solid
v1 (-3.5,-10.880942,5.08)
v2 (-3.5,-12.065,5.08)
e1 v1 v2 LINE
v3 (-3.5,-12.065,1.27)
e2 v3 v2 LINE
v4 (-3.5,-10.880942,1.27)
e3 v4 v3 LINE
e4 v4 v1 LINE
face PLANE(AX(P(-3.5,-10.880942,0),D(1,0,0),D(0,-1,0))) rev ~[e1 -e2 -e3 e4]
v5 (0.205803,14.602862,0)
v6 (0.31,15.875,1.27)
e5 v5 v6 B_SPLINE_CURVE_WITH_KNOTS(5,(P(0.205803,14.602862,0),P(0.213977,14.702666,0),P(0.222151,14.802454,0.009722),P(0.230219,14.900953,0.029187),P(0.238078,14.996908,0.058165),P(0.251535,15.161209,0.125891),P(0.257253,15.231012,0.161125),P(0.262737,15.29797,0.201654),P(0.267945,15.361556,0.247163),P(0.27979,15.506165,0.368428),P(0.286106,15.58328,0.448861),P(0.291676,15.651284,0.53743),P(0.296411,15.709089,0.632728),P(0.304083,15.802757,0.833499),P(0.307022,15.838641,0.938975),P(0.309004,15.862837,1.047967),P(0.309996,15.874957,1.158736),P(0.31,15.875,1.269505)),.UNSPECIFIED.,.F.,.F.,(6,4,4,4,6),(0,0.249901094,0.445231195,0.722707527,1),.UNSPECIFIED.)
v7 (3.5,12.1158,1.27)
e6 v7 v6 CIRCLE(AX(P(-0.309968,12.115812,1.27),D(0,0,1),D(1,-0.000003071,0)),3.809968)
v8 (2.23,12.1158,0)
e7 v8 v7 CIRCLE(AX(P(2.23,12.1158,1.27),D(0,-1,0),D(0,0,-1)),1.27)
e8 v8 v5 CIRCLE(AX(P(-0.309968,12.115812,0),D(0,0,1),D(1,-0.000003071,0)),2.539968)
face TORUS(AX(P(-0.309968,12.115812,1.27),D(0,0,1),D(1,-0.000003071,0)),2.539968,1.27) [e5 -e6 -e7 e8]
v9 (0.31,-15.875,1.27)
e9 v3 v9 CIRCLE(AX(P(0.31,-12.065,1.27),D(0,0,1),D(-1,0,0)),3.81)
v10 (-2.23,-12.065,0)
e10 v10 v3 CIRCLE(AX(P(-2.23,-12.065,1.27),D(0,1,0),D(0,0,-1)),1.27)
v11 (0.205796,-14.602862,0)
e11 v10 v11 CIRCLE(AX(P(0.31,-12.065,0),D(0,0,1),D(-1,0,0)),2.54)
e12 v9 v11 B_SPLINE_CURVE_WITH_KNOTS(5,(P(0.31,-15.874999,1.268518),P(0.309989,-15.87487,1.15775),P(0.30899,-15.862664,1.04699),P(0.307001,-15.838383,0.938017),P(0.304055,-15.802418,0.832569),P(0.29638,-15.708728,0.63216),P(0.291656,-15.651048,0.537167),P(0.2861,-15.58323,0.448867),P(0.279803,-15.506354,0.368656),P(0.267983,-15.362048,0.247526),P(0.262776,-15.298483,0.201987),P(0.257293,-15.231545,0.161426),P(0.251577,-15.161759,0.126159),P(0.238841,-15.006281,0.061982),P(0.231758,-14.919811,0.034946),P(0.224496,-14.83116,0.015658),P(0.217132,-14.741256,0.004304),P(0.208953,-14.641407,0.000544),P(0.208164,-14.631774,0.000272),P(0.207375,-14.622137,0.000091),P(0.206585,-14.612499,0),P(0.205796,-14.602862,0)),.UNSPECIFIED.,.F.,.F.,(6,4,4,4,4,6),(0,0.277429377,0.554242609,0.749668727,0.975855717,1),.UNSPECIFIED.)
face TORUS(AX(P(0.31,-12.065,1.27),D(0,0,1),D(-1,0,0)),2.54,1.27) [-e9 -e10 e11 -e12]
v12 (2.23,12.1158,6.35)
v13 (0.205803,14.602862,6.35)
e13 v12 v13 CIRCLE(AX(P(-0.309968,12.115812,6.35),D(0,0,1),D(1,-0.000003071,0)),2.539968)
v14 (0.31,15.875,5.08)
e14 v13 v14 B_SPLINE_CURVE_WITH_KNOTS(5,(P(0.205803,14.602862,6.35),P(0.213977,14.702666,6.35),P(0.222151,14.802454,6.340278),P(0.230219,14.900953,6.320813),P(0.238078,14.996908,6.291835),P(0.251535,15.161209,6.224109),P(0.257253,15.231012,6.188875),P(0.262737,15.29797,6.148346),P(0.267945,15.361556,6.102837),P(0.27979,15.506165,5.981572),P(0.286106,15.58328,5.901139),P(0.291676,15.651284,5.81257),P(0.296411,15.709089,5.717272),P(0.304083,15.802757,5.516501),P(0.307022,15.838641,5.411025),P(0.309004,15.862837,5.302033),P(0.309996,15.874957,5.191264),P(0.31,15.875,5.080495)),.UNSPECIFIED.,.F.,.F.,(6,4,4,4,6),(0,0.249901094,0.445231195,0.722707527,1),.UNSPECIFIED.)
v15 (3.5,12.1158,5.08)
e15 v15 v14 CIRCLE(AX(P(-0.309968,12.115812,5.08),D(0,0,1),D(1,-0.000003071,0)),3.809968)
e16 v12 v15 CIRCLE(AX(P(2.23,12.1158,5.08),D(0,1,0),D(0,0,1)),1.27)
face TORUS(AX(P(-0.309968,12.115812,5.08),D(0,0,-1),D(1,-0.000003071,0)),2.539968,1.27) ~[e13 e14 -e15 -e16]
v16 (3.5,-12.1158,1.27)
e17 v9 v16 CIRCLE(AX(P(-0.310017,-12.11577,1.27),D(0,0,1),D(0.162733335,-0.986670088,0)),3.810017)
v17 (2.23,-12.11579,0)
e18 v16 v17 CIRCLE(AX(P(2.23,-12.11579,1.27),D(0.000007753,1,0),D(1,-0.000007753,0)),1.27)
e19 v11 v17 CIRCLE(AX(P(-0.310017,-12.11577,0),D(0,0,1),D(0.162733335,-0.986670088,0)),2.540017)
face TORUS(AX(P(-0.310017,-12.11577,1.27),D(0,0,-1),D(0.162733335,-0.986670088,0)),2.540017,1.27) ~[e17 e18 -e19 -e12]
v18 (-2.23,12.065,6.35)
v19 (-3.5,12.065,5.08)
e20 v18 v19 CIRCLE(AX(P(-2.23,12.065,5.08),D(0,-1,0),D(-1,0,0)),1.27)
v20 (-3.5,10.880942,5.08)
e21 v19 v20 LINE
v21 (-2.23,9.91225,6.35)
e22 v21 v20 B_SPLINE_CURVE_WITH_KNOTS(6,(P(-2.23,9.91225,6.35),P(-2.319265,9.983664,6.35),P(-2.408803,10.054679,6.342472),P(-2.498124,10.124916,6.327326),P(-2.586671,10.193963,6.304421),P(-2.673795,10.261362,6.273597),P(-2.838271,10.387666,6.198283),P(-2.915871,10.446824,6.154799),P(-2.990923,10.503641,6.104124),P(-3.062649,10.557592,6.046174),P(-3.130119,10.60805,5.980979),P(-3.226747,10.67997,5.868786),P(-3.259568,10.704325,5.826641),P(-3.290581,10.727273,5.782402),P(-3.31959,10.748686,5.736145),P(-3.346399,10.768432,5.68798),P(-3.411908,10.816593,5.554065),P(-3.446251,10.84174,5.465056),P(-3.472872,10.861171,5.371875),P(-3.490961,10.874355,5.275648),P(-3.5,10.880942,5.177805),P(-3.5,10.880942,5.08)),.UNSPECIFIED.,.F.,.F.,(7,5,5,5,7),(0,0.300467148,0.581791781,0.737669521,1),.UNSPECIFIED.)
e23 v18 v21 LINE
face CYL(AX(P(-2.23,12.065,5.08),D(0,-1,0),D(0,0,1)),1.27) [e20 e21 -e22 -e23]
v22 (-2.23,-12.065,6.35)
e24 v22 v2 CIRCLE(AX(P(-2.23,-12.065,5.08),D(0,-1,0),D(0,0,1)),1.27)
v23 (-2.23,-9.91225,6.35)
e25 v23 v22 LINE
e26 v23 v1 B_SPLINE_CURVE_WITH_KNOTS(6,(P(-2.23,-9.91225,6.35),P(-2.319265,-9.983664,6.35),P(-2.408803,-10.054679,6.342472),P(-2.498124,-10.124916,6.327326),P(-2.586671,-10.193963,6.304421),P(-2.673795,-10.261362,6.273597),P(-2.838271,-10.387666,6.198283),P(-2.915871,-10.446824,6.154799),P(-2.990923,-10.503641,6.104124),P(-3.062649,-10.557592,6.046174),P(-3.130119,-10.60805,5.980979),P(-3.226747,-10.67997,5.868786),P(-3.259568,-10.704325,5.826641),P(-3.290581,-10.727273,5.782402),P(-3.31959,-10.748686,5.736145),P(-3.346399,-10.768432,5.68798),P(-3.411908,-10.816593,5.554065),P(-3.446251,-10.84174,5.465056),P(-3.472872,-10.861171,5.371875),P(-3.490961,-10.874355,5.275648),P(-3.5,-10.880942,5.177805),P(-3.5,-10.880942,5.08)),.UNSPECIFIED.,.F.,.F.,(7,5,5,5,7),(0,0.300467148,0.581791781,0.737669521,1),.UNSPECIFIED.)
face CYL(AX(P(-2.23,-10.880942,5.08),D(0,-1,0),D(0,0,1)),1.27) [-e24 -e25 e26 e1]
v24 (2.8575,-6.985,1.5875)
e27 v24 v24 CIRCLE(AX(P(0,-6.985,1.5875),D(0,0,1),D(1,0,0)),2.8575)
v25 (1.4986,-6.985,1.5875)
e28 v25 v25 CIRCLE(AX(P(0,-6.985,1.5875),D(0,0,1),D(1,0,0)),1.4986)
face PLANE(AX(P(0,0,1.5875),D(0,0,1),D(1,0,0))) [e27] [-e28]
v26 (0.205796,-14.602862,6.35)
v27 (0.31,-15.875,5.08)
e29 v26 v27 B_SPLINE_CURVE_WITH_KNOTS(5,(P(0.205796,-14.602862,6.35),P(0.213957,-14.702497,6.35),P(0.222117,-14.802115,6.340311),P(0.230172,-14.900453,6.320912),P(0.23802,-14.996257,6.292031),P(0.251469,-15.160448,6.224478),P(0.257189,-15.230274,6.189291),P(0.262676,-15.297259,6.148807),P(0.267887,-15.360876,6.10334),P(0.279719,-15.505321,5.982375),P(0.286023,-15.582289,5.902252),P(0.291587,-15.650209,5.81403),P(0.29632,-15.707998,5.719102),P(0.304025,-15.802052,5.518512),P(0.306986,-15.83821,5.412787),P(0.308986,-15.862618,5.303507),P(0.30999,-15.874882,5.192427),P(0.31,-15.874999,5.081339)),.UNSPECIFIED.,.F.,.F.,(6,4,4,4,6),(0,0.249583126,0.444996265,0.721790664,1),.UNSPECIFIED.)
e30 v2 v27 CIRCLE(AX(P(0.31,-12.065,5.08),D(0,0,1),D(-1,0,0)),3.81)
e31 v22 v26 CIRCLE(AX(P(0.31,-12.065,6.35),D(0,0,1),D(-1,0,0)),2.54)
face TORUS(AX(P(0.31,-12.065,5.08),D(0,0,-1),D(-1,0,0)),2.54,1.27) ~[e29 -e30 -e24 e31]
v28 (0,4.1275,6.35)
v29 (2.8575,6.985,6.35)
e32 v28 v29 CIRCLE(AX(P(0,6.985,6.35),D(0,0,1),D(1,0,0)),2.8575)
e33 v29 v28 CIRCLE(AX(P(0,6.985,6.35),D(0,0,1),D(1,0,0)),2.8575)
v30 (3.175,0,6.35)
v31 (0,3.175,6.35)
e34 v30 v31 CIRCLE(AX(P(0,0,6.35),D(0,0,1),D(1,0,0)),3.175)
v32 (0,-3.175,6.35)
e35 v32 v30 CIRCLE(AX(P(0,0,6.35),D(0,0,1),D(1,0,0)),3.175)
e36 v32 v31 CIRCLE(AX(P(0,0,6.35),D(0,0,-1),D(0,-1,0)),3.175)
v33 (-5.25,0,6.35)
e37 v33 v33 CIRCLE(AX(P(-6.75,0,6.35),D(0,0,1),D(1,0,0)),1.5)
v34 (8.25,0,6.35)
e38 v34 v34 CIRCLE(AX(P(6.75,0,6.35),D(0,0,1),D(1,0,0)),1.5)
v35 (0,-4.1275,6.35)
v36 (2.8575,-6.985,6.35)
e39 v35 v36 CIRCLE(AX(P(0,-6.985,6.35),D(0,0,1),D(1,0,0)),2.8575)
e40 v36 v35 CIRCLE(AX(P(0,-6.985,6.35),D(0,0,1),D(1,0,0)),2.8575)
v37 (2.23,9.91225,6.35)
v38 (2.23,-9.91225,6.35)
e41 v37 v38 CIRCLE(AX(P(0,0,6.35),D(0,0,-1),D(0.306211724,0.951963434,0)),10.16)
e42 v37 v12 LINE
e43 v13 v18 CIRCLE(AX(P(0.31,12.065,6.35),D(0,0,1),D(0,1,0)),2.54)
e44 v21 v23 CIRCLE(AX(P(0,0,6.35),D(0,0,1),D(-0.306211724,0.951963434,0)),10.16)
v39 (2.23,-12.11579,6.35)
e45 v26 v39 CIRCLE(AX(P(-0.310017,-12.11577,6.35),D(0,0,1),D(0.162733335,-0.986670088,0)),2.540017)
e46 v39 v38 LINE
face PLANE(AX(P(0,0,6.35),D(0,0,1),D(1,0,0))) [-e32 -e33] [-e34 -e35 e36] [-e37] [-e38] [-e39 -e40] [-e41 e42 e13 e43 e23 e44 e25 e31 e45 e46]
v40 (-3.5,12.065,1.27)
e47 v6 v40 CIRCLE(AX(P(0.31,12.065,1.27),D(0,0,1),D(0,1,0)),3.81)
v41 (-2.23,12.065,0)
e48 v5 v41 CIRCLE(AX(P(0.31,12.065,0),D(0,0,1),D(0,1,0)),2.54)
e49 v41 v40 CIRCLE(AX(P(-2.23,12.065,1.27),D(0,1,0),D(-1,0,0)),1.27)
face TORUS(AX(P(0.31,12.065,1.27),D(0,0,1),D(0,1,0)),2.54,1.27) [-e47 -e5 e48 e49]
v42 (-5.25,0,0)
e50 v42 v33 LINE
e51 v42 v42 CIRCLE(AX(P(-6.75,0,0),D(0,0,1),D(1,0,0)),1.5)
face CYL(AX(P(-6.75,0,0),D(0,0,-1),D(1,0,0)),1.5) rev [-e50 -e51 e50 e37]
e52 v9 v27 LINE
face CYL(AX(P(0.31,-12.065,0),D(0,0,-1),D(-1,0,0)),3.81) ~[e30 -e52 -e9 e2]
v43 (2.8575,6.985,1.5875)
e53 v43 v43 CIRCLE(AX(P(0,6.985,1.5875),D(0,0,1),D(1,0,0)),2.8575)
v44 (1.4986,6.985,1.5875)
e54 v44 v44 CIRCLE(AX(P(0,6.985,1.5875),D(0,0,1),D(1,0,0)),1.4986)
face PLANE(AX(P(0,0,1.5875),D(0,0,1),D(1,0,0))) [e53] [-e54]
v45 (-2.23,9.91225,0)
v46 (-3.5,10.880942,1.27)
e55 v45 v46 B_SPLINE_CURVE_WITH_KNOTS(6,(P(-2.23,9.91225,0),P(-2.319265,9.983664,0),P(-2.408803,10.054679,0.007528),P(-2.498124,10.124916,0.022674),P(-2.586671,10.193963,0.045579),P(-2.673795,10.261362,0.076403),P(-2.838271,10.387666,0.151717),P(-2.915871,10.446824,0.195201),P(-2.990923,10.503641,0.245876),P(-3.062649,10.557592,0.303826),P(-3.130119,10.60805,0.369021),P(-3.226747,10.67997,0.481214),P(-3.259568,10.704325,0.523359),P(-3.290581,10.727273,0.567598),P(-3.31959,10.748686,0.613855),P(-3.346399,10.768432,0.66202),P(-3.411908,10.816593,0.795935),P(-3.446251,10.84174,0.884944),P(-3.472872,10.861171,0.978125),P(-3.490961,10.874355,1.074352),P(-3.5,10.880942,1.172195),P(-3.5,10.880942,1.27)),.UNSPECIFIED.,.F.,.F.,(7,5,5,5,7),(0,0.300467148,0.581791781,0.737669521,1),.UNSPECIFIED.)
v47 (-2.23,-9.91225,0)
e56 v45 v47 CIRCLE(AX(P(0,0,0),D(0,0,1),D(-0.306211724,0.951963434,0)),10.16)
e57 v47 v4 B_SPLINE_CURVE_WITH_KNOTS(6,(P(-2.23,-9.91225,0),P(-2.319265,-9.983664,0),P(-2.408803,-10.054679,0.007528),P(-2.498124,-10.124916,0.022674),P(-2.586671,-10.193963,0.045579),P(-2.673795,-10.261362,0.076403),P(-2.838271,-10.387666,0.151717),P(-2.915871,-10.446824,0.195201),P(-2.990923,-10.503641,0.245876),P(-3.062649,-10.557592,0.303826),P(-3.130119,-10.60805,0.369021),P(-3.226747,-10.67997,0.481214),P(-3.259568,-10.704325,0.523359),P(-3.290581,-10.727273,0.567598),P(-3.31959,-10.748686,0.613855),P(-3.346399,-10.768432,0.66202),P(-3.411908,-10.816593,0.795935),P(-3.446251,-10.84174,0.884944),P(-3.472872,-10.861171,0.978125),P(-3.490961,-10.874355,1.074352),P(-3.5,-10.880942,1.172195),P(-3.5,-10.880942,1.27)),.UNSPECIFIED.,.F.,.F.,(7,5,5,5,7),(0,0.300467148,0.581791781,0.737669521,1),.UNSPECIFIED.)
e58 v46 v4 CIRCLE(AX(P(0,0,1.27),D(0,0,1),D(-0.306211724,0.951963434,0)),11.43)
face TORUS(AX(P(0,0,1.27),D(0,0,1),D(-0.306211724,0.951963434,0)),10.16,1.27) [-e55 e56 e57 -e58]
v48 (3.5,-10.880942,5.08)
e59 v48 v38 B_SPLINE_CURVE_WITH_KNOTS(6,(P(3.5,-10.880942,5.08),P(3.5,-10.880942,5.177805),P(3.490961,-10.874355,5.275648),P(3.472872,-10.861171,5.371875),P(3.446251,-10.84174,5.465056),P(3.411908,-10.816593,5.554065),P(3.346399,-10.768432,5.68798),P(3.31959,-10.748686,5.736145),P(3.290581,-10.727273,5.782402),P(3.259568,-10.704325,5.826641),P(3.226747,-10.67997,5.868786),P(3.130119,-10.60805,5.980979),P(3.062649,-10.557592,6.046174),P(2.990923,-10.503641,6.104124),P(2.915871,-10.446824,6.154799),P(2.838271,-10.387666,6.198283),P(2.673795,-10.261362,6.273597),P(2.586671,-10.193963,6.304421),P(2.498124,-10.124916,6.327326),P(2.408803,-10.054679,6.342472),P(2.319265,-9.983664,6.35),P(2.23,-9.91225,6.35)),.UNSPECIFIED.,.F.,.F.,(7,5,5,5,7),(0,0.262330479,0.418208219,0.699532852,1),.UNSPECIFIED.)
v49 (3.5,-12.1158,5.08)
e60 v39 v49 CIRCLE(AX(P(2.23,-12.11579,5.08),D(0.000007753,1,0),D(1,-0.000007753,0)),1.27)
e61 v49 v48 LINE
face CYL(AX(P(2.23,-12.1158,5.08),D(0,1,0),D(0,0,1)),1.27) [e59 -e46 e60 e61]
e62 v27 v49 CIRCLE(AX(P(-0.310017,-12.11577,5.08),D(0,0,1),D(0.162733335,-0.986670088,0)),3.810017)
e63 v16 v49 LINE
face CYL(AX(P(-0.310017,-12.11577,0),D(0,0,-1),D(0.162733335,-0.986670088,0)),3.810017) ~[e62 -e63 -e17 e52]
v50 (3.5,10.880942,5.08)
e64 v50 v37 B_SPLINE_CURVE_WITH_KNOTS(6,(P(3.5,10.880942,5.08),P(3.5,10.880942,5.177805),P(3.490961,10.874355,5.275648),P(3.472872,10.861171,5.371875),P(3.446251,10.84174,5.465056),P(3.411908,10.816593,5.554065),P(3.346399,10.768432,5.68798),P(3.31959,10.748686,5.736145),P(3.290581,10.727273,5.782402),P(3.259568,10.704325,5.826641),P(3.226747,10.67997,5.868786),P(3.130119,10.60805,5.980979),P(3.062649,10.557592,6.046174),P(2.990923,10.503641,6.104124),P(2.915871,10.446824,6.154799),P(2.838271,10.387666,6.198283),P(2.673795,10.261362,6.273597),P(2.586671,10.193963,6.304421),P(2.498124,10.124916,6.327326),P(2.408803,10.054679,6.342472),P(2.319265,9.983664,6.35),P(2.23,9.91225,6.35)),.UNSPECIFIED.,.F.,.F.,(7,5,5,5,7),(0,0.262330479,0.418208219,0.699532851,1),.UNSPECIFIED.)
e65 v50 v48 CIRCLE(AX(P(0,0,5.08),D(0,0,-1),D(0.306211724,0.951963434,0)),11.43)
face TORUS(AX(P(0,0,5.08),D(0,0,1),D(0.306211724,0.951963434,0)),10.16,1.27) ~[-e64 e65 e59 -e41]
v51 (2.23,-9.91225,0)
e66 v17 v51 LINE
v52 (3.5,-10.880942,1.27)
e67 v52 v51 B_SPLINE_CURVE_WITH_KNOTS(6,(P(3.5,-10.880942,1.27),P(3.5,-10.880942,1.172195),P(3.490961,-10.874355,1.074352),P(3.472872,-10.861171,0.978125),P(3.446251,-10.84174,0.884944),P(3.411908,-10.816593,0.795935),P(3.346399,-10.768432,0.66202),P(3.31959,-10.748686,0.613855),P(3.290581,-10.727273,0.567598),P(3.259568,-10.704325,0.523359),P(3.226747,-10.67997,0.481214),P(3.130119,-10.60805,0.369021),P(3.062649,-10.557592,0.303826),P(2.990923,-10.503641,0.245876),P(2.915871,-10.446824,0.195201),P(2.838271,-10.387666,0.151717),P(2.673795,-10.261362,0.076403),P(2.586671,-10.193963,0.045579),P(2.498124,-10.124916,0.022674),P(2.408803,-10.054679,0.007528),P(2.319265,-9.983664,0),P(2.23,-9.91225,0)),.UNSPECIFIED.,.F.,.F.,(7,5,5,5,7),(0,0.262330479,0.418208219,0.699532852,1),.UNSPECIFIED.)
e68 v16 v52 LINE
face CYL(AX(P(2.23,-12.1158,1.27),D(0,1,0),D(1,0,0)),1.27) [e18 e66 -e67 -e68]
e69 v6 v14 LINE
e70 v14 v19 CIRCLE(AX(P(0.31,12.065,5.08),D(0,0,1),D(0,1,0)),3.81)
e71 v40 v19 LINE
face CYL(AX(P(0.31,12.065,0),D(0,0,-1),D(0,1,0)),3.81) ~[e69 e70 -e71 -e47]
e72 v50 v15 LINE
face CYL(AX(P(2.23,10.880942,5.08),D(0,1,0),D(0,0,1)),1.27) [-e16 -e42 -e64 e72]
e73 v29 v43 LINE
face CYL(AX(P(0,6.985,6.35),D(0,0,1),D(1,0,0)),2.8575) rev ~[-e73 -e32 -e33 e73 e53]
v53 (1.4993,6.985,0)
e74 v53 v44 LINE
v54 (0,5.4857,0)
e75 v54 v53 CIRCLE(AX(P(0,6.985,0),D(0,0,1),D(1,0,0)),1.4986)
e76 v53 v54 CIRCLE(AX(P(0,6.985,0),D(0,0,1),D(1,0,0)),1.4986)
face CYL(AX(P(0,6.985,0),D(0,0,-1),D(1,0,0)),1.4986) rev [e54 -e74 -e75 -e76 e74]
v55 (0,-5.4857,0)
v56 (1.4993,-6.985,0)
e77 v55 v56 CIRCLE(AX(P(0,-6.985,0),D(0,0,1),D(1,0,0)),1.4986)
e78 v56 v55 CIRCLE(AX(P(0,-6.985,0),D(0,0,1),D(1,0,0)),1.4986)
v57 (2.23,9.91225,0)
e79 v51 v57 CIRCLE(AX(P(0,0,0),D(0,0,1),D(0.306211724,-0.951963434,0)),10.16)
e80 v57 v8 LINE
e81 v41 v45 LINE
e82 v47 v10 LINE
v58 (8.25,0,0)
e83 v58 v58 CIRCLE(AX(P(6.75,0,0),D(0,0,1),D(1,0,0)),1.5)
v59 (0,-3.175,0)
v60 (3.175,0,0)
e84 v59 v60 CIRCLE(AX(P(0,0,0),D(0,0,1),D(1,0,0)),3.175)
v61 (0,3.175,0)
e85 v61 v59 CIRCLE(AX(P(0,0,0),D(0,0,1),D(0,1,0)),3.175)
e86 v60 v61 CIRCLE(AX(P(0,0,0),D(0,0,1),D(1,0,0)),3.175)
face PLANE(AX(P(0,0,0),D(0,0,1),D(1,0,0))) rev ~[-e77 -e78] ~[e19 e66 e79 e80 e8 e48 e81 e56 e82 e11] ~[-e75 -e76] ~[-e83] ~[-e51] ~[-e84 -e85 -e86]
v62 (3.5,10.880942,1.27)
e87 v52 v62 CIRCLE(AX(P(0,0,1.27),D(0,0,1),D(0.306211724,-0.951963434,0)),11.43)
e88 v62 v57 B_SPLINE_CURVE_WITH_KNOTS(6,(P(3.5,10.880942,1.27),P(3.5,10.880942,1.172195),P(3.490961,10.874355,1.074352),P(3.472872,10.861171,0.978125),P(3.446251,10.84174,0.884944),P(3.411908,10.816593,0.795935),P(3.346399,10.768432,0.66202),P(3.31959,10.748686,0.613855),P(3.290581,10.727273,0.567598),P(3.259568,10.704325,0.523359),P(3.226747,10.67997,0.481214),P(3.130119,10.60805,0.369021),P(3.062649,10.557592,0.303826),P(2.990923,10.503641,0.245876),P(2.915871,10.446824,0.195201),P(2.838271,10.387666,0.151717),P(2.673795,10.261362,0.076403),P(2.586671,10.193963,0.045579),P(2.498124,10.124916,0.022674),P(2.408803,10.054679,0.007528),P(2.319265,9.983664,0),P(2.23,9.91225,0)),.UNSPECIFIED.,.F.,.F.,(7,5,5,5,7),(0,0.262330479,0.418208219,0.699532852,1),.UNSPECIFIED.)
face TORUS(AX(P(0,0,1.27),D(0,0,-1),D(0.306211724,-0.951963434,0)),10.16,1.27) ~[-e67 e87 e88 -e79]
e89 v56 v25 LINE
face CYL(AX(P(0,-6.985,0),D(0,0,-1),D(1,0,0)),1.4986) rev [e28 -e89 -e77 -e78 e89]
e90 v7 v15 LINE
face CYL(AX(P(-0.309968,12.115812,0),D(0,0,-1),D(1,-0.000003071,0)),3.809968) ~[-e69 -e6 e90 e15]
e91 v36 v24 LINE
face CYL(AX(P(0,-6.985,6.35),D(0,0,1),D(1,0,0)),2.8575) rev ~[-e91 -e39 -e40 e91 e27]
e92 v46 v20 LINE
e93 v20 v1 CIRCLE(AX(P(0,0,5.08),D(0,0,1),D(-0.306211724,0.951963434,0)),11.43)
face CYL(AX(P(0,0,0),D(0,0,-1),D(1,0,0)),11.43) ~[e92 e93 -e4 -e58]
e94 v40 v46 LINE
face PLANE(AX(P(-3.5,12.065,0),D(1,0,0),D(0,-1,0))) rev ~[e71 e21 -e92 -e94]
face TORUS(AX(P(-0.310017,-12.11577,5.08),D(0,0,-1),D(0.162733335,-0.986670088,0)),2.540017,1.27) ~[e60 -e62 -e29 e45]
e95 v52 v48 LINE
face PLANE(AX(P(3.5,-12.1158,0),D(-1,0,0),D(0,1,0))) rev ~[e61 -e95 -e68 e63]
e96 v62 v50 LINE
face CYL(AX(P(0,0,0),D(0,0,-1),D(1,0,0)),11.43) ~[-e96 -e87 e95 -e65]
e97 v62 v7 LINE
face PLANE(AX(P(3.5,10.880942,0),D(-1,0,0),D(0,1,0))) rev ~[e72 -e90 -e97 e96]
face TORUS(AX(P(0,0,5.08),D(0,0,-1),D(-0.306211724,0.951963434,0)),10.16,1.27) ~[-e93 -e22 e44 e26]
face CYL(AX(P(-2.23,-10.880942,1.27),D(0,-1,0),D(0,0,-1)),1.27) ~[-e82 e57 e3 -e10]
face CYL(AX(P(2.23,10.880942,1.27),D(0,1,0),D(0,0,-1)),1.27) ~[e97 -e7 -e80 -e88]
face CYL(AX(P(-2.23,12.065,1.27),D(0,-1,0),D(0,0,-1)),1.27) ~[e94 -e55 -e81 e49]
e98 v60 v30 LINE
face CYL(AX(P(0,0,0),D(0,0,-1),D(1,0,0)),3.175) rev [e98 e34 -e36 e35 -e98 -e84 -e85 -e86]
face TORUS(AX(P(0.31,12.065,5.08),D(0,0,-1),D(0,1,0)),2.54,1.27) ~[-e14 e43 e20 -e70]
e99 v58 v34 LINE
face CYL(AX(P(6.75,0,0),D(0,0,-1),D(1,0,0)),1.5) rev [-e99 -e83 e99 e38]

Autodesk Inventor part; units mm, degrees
ref_plane "YZ Plane" through (0, 0, 0) normal (1, 0, 0) x (0, 1, 0)
ref_plane "XZ Plane" through (0, 0, 0) normal (0, 1, 0) x (-1, 0, 0)
ref_plane "XY Plane" through (0, 0, 0) normal (0, 0, 1) x (1, 0, 0)
sketch "Sketch1" plane through (0, 0, 0) normal (0, 0, 1) x (1, 0, 0)
  circle A0 centre (0, 0) radius 11.43
  circle A1 centre (-6.75, 0) radius 1.5
  circle A2 centre (0, 0) radius 1.5
  circle A3 centre (6.75, 0) radius 1.5
  line L0 (0, 0) -> (0, 6.985)
  line L1 (0, 0) -> (0, -6.985)
  circle A4 centre (0, 6.985) radius 1.4986
  circle A5 centre (0, -6.985) radius 1.4986
  circle A6 centre (0, 0) radius 3.175
  arc A7 (0.31, -15.875) -> (3.5, -12.1158) centre (-0.31, -12.1158) ccw
  line L2 (3.5, -12.1158) -> (3.5, 12.1158)
  arc A8 (3.5, 12.1158) -> (0.31, 15.875) centre (-0.31, 12.1158) ccw
  arc A9 (0.31, 15.875) -> (-3.5, 12.065) centre (0.31, 12.065) ccw
  line L3 (-3.5, 12.065) -> (-3.5, -12.065)
  arc A10 (-3.5, -12.065) -> (0.31, -15.875) centre (0.31, -12.065) ccw
  circle A11 centre (0, 6.985) radius 1.5
  circle A12 centre (0, -6.985) radius 1.5
  line L4 (3.5, 0) -> (-3.5, 0)
  line L5 (0, 0) -> (0, 6.985)
  point P0 (3.5, -10.8809)
  point P1 (-3.5, -10.8809)
  point P2 (-3.5, 10.8809)
  point P3 (3.5, 10.8809)
  dimension "d0" = 22.86
  dimension "d1" = 6.985
  dimension "d2" = 6.985
  dimension "d3" = 2.9972
  dimension "d4" = 2.9972
  dimension "d7" = 6.35
extrude "Extrusion1" add sketch "Sketch1" along normal blind 6.35 contours A0 L2 | L2 L4 A6 L3 A0 | A0 L3 A9 A8 L2 | L2 A7 A10 L3 A0 | A0 L3 L4 A6 L2 | L3 A0
fillet "Fillet2" radius 1.27 20 edges at (11.43, 0, 0) (11.43, 0, 6.35) (-11.43, 0, 0) (-11.43, 0, 6.35) (3.5, 11.4984, 6.35) (2.595, 14.5809, 6.35) (-3.5, 11.473, 6.35) (-2.3841, 14.7591, 6.35) (-3.5, 11.473, 0) (-2.3841, 14.7591, 0) (3.5, 11.4984, 0) (2.595, 14.5809, 0) (2.595, -14.5809, 6.35) (3.5, -11.4984, 6.35) (-3.5, -11.473, 6.35) (-2.3841, -14.7591, 6.35) (3.5, -11.4984, 0) (2.595, -14.5809, 0) (-3.5, -11.473, 0) (-2.3841, -14.7591, 0)
sketch "Sketch3" plane through (0, 0, 6.35) normal (0, 0, 1) x (1, 0, 0)
  circle A0 centre (0, 6.985) radius 1.4986 projected
  circle A1 centre (0, 6.985) radius 2.8575
  circle A2 centre (0, -6.985) radius 1.4986 projected
  circle A3 centre (0, -6.985) radius 2.8575
  point P0 (0, 0)
  dimension "d12" = 5.715
  dimension "d13" = 5.715
extrude "Extrusion2" cut sketch "Sketch3" against normal blind 4.7625
properties part number "turning_cap"
